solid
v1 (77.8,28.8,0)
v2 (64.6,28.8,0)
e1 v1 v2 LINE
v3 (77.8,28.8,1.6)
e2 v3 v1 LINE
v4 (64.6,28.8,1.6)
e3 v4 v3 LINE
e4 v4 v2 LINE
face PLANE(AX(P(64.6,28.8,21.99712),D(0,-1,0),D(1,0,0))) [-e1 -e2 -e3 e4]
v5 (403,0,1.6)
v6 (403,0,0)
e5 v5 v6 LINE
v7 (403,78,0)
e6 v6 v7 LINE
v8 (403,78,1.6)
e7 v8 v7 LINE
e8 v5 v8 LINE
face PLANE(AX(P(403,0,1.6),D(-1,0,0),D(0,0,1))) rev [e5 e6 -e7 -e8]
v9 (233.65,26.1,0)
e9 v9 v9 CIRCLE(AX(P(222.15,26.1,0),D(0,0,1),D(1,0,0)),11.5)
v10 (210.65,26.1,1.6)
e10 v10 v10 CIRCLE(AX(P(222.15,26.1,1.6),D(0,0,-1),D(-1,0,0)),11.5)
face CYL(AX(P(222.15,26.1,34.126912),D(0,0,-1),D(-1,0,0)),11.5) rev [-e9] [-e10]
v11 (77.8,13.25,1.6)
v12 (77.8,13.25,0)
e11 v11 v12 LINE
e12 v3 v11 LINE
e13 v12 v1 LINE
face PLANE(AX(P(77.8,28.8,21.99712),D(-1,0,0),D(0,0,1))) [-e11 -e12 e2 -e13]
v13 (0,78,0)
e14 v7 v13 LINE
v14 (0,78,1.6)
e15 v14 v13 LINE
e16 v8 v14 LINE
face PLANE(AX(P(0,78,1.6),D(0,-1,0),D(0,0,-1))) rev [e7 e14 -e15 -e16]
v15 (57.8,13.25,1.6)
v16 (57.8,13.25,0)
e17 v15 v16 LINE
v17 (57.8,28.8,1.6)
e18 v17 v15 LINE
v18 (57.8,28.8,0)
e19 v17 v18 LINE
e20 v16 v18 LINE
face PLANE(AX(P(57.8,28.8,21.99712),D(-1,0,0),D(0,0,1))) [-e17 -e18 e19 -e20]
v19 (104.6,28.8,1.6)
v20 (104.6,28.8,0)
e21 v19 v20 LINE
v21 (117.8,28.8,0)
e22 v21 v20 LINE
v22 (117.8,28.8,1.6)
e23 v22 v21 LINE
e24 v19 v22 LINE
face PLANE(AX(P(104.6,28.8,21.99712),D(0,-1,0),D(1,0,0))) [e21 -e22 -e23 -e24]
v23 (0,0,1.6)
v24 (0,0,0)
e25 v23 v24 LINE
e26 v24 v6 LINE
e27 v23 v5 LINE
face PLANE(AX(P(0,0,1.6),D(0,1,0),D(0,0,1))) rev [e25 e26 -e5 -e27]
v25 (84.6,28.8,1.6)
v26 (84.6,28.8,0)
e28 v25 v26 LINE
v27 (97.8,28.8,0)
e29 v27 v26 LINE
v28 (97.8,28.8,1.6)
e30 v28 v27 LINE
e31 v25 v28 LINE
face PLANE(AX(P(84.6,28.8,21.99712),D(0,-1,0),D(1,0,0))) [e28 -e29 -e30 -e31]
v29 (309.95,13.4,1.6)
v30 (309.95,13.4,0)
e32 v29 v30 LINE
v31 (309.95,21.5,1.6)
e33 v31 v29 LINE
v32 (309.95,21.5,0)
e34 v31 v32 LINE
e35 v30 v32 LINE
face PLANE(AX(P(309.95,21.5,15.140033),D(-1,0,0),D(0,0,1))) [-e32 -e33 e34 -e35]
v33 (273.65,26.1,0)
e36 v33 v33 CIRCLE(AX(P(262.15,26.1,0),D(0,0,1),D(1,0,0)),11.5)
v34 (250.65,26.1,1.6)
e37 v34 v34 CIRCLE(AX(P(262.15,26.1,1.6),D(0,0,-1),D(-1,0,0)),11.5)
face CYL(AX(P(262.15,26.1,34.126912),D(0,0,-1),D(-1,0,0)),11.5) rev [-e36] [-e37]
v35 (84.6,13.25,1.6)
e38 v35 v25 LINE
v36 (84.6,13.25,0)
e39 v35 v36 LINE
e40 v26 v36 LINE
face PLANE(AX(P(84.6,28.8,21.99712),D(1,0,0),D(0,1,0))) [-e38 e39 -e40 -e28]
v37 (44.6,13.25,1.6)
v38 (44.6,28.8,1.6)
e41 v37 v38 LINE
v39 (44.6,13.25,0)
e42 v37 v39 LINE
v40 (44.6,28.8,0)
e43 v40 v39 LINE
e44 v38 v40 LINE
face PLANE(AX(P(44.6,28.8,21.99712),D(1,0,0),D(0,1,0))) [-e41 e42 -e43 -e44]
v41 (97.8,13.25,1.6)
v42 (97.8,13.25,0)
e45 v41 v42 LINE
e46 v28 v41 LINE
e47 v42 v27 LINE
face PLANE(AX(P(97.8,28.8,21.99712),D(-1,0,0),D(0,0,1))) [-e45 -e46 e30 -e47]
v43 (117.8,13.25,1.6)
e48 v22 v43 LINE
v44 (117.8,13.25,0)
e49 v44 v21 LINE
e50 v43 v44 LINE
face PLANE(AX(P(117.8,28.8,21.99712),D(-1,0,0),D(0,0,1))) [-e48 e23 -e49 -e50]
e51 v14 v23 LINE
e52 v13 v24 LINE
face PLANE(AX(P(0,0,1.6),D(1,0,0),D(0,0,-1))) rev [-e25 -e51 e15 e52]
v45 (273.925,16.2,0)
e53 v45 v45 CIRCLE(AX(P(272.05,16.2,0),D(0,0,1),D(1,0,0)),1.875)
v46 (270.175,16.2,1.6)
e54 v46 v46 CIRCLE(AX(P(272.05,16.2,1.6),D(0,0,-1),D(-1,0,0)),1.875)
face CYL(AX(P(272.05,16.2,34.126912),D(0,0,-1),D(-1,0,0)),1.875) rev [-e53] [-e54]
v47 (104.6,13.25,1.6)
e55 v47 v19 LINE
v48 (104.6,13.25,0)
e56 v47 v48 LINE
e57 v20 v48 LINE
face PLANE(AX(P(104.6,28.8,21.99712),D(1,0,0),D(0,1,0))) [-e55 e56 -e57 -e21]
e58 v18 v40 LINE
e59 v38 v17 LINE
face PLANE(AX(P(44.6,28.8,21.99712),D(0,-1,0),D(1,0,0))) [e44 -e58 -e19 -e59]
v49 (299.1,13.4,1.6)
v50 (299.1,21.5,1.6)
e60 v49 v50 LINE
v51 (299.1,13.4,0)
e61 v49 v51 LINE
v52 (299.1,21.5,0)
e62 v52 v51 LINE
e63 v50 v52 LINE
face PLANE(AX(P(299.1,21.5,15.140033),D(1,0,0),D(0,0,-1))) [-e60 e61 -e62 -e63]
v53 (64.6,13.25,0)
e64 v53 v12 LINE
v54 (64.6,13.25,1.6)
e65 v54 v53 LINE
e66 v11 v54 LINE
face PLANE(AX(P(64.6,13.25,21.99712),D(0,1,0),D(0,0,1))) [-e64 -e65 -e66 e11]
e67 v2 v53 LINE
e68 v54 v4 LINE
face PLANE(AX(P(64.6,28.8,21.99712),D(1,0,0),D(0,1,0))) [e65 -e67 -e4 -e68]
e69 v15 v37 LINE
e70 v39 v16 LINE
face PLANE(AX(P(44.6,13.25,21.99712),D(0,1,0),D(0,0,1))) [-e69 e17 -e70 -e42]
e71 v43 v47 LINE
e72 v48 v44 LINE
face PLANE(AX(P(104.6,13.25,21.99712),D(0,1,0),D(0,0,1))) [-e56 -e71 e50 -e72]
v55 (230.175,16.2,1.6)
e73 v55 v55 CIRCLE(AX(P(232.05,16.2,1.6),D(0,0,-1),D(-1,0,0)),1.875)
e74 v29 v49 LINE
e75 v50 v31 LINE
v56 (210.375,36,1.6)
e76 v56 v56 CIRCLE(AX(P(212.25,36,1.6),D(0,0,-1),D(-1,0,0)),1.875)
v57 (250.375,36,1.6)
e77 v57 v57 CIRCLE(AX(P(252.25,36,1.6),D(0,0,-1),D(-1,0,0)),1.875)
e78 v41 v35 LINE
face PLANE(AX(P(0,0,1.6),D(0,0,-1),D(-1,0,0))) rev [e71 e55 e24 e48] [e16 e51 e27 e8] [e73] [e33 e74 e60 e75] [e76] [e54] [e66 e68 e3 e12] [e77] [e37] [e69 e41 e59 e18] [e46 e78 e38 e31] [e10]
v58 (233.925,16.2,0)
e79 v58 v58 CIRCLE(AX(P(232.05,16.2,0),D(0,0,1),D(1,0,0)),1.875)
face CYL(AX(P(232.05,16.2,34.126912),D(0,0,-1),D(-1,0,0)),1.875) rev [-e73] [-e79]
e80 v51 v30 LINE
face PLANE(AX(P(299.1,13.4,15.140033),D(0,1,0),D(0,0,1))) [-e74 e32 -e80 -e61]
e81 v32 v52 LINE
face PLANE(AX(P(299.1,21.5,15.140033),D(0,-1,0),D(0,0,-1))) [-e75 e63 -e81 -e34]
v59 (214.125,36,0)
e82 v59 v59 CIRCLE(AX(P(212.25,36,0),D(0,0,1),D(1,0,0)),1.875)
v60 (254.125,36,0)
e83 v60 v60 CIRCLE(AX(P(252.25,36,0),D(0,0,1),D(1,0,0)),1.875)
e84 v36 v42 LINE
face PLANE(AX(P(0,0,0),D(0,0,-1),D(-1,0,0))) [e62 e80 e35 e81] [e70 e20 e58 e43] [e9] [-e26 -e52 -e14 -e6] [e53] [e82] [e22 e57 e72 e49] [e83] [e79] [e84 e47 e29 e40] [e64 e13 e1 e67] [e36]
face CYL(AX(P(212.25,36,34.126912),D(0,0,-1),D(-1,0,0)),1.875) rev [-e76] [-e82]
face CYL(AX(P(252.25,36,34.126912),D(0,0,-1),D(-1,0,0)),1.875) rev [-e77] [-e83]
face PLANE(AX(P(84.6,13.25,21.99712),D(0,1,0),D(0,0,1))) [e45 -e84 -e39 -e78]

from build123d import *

# Parameters (mm, degrees)
PANEL_W             = 403
PANEL_H             = 78
BOSS_EXTRUDE1_DEPTH = 1.6
XLR4_R              = 11.5
XLR4_R_2            = 1.875
CUT_EXTRUDE2_DEPTH  = 1.6
RJ11_W              = 13.2
RJ11_H              = 15.55
CUT_EXTRUDE3_DEPTH  = 1.6
DC_PORT_W           = 10.85
DC_PORT_H           = 8.1
CUT_EXTRUDE4_DEPTH  = 1.6


with BuildPart() as part:
    # Panel → Boss-Extrude1 (new body)
    with BuildSketch(Plane.XY):
        with Locations((201.5, 39)):
            Rectangle(PANEL_W, PANEL_H)
    extrude(amount=BOSS_EXTRUDE1_DEPTH)

    # XLR4 → Cut-Extrude2 (cut)
    with BuildSketch(Plane.XY):
        with Locations(Location((222.15, 26.1, 0), (0, 0, 180))):
            Circle(XLR4_R)
        with Locations(Location((212.25, 36, 0), (0, 0, 180))):
            Circle(XLR4_R_2)
        with Locations(Location((232.05, 16.2, 0), (0, 0, 180))):
            Circle(XLR4_R_2)
        with Locations(Location((262.15, 26.1, 0), (0, 0, 180))):
            Circle(XLR4_R)
        with Locations(Location((252.25, 36, 0), (0, 0, 180))):
            Circle(XLR4_R_2)
        with Locations(Location((272.05, 16.2, 0), (0, 0, 180))):
            Circle(XLR4_R_2)
    extrude(amount=CUT_EXTRUDE2_DEPTH, mode=Mode.SUBTRACT)

    # RJ11 → Cut-Extrude3 (cut)
    with BuildSketch(Plane.XY):
        with Locations((71.2, 21.025)):
            Rectangle(RJ11_W, RJ11_H)
        with Locations((51.2, 21.025)):
            Rectangle(RJ11_W, RJ11_H)
        with Locations((91.2, 21.025)):
            Rectangle(RJ11_W, RJ11_H)
        with Locations((111.2, 21.025)):
            Rectangle(RJ11_W, RJ11_H)
    extrude(amount=CUT_EXTRUDE3_DEPTH, mode=Mode.SUBTRACT)

    # DC PORT → Cut-Extrude4 (cut)
    with BuildSketch(Plane.XY):
        with Locations((304.525, 17.45)):
            Rectangle(DC_PORT_W, DC_PORT_H)
    extrude(amount=CUT_EXTRUDE4_DEPTH, mode=Mode.SUBTRACT)


solid = part.part
